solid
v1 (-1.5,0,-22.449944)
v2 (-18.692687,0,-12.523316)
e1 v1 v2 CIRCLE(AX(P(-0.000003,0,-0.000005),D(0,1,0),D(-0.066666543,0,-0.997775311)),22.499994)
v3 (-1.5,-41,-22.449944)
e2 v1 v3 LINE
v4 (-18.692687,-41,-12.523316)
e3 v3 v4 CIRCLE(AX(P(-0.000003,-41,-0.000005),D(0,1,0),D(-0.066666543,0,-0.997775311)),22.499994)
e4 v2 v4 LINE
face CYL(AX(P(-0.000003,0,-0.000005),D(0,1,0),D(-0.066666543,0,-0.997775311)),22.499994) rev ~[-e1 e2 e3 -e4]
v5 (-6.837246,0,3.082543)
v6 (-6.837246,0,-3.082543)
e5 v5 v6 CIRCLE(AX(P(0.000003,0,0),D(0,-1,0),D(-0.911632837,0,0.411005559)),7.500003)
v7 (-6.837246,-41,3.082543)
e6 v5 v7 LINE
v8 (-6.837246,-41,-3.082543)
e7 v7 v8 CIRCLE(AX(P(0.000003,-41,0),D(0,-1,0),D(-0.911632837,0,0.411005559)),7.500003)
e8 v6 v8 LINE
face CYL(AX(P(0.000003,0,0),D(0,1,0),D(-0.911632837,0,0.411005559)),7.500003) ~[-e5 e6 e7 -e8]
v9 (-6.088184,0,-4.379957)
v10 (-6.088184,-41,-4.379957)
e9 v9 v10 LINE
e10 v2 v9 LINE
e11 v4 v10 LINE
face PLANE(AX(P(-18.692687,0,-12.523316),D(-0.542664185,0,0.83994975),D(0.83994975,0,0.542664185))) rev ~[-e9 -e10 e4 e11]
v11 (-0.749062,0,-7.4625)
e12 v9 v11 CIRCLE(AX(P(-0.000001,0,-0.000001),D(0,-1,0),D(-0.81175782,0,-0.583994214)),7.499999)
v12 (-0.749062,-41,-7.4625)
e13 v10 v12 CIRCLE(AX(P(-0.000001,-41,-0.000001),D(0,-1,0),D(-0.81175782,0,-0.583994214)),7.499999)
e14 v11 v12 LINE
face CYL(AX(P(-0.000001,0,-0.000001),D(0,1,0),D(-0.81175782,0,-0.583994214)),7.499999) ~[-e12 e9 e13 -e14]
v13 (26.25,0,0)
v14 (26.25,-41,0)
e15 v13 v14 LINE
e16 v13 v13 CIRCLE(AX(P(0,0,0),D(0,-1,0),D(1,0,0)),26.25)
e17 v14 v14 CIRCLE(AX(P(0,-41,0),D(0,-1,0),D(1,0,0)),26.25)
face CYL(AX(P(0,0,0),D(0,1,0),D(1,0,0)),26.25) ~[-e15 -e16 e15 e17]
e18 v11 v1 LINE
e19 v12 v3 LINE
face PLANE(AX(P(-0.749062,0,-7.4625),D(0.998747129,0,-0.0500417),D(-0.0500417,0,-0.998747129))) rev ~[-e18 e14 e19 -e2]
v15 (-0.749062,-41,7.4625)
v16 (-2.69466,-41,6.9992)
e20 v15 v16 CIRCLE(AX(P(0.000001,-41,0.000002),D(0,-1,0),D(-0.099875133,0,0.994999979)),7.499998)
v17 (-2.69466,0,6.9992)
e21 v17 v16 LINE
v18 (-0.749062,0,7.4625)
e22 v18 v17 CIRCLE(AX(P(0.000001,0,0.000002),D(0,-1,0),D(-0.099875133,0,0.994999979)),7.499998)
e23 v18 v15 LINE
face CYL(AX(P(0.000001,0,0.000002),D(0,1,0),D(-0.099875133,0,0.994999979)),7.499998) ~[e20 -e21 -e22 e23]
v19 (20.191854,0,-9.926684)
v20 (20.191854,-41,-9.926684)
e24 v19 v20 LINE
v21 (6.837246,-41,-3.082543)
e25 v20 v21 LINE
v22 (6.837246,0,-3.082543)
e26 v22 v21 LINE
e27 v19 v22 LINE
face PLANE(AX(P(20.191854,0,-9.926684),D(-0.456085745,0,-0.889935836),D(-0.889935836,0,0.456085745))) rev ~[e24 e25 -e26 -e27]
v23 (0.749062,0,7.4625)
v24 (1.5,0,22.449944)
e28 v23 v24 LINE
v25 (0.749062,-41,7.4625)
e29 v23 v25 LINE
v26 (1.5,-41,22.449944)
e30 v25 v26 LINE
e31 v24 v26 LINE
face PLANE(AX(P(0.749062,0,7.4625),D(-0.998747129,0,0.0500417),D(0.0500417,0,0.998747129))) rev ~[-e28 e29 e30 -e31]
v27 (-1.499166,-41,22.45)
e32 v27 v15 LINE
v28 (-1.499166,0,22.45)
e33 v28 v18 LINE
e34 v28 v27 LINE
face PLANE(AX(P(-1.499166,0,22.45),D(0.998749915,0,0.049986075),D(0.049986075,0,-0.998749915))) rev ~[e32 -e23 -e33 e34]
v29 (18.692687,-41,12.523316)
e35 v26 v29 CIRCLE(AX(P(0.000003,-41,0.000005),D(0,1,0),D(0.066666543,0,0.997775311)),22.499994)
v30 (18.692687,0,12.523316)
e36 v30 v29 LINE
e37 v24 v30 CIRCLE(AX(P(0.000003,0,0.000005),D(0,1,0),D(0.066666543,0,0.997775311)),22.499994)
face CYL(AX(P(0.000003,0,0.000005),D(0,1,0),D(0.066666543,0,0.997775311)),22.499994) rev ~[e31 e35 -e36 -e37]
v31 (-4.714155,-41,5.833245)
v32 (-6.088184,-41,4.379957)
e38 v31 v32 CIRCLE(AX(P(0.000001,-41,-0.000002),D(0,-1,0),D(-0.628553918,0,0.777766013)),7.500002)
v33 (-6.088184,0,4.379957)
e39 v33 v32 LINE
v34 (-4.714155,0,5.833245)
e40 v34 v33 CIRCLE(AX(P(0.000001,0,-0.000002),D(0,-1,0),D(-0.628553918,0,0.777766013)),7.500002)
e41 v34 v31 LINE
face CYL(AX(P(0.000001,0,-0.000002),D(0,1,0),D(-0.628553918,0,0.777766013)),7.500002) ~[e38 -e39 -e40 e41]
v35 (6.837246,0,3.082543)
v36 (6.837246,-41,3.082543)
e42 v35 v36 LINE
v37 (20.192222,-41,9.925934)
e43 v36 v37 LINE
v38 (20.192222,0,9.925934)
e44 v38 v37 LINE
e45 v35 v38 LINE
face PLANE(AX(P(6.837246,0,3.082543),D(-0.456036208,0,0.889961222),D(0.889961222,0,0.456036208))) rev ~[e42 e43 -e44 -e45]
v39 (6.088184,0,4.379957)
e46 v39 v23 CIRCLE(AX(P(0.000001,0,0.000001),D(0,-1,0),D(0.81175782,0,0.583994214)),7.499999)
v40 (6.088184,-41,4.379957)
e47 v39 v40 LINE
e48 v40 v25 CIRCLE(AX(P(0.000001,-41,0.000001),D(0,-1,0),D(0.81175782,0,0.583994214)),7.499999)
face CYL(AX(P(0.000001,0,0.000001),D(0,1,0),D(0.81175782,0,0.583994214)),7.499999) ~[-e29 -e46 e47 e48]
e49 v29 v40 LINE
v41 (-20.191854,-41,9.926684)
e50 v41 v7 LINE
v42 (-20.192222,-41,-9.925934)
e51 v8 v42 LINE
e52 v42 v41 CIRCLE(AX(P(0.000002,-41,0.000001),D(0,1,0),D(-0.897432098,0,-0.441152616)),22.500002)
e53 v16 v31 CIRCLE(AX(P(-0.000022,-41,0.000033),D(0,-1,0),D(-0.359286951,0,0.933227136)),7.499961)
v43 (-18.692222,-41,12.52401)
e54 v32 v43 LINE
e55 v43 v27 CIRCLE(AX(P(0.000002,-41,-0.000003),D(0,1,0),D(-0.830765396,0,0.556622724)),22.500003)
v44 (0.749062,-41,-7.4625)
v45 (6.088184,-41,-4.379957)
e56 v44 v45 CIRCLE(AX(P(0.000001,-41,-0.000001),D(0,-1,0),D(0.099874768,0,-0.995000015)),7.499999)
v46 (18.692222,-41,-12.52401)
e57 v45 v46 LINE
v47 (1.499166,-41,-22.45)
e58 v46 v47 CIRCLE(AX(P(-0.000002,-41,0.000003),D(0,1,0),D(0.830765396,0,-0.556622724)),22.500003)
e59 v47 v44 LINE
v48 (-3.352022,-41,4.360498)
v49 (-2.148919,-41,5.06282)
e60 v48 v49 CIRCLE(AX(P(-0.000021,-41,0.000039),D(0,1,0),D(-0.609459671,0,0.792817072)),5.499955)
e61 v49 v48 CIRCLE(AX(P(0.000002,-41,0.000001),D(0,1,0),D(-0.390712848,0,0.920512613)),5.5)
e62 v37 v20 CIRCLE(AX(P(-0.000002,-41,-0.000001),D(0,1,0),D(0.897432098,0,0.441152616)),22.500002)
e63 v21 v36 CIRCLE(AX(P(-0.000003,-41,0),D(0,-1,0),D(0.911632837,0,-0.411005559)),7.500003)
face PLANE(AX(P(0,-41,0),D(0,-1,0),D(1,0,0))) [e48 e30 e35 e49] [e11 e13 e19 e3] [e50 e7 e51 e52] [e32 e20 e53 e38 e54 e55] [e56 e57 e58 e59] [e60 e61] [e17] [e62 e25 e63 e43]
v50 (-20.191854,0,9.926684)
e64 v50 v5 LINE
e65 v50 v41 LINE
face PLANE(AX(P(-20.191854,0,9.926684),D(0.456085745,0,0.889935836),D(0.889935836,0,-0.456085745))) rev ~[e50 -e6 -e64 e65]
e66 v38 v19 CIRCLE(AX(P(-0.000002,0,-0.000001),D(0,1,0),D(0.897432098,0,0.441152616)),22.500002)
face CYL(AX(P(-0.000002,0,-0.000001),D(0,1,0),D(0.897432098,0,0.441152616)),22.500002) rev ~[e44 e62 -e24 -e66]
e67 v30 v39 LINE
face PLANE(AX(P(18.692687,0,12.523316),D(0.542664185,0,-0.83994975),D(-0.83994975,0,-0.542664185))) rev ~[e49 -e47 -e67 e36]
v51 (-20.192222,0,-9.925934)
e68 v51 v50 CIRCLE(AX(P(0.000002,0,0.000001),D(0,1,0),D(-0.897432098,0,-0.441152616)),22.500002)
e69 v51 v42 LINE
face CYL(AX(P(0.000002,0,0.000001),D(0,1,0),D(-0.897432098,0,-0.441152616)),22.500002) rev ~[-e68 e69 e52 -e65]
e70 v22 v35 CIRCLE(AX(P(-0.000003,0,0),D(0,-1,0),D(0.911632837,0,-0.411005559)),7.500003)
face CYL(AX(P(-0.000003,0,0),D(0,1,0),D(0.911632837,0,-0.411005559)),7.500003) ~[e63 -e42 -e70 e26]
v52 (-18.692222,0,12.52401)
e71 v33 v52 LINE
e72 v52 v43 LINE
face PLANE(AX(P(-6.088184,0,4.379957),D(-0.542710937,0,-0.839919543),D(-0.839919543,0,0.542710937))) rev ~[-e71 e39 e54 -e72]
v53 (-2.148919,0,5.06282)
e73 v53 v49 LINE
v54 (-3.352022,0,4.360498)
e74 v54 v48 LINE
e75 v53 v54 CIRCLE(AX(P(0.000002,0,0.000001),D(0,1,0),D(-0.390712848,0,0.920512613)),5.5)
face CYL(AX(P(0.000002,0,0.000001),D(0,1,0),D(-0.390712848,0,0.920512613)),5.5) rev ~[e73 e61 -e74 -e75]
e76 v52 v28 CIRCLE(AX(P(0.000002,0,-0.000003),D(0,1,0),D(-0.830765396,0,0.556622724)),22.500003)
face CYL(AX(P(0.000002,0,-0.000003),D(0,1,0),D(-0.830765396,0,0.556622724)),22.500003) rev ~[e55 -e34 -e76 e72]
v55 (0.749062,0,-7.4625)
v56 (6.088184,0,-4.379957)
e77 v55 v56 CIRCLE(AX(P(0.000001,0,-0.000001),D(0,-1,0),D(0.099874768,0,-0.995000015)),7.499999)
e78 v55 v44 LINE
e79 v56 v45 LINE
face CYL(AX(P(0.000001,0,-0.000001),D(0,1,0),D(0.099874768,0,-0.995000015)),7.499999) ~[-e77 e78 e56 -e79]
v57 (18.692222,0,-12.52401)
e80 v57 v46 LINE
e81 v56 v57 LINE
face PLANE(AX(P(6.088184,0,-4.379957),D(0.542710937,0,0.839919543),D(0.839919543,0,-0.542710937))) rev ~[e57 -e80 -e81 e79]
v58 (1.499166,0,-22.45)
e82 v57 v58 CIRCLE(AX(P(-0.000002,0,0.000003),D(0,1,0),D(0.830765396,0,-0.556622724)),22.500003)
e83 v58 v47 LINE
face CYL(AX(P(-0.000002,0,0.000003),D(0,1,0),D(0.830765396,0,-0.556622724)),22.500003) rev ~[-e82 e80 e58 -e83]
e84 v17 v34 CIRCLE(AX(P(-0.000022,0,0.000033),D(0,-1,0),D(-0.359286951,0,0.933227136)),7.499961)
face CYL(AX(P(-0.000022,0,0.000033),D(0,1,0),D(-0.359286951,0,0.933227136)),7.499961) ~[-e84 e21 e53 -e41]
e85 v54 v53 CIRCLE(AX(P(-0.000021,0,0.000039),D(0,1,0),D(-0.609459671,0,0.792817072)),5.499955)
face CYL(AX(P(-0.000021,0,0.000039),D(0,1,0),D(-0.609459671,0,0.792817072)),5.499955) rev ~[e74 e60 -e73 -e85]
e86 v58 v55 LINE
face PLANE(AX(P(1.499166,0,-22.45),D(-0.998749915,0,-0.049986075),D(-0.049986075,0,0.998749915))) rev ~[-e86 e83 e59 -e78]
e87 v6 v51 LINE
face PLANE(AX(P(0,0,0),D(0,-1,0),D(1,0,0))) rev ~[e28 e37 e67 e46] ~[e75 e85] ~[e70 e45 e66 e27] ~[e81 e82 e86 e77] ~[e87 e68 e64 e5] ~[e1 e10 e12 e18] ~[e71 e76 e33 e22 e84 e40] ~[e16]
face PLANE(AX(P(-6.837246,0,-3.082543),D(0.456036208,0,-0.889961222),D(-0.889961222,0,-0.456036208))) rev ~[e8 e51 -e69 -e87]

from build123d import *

# Parameters (mm, degrees)
F0_R     = 26.25
F1_DEPTH = 41


with BuildPart() as f1:
    # F0 (on Front) → F1 (new body)
    with BuildSketch(Plane.XZ):
        Circle(F0_R)
        with BuildLine():
            ThreePointArc((-1.5, -22.449944), (-11.250362, -19.485363), (-18.692687, -12.523316))
            Line((-18.692687, -12.523316), (-6.088184, -4.379957))
            ThreePointArc((-6.088184, -4.379957), (-3.75, -6.495191), (-0.749062, -7.4625))
            Line((-0.749062, -7.4625), (-1.5, -22.449944))
        make_face(mode=Mode.SUBTRACT)
        with BuildLine():
            ThreePointArc((18.692222, -12.52401), (11.249638, -19.48578), (1.499166, -22.45))
            Line((1.499166, -22.45), (0.749062, -7.4625))
            ThreePointArc((0.749062, -7.4625), (3.75, -6.495191), (6.088184, -4.379957))
            Line((6.088184, -4.379957), (18.692222, -12.52401))
        make_face(mode=Mode.SUBTRACT)
        with BuildLine():
            ThreePointArc((20.192222, 9.925934), (22.5, -0.000418), (20.191854, -9.926684))
            Line((20.191854, -9.926684), (6.837246, -3.082543))
            ThreePointArc((6.837246, -3.082543), (7.5, 0), (6.837246, 3.082543))
            Line((6.837246, 3.082543), (20.192222, 9.925934))
        make_face(mode=Mode.SUBTRACT)
        with BuildLine():
            ThreePointArc((-20.192222, -9.925934), (-22.5, 0.000418), (-20.191854, 9.926684))
            Line((-20.191854, 9.926684), (-6.837246, 3.082543))
            ThreePointArc((-6.837246, 3.082543), (-7.5, 0), (-6.837246, -3.082543))
            Line((-6.837246, -3.082543), (-20.192222, -9.925934))
        make_face(mode=Mode.SUBTRACT)
        with BuildLine():
            ThreePointArc((-18.692222, 12.52401), (-11.249638, 19.48578), (-1.499166, 22.45))
            Line((-1.499166, 22.45), (-0.749062, 7.4625))
            ThreePointArc((-0.749062, 7.4625), (-1.737374, 7.295994), (-2.69466, 6.9992))
            ThreePointArc((-2.69466, 6.9992), (-3.75, 6.495191), (-4.714155, 5.833245))
            ThreePointArc((-4.714155, 5.833245), (-5.44983, 5.152607), (-6.088184, 4.379957))
            Line((-6.088184, 4.379957), (-18.692222, 12.52401))
        make_face(mode=Mode.SUBTRACT)
        with BuildLine():
            ThreePointArc((-2.148919, 5.06282), (2.772797, -4.749905), (-3.352022, 4.360498))
            ThreePointArc((-3.352022, 4.360498), (-2.772797, 4.749905), (-2.148919, 5.06282))
        make_face(mode=Mode.SUBTRACT)
        with BuildLine():
            Line((0.749062, 7.4625), (1.5, 22.449944))
            ThreePointArc((1.5, 22.449944), (11.250362, 19.485363), (18.692687, 12.523316))
            Line((18.692687, 12.523316), (6.088184, 4.379957))
            ThreePointArc((6.088184, 4.379957), (3.75, 6.495191), (0.749062, 7.4625))
        make_face(mode=Mode.SUBTRACT)
    extrude(amount=F1_DEPTH)


solid = f1.part
